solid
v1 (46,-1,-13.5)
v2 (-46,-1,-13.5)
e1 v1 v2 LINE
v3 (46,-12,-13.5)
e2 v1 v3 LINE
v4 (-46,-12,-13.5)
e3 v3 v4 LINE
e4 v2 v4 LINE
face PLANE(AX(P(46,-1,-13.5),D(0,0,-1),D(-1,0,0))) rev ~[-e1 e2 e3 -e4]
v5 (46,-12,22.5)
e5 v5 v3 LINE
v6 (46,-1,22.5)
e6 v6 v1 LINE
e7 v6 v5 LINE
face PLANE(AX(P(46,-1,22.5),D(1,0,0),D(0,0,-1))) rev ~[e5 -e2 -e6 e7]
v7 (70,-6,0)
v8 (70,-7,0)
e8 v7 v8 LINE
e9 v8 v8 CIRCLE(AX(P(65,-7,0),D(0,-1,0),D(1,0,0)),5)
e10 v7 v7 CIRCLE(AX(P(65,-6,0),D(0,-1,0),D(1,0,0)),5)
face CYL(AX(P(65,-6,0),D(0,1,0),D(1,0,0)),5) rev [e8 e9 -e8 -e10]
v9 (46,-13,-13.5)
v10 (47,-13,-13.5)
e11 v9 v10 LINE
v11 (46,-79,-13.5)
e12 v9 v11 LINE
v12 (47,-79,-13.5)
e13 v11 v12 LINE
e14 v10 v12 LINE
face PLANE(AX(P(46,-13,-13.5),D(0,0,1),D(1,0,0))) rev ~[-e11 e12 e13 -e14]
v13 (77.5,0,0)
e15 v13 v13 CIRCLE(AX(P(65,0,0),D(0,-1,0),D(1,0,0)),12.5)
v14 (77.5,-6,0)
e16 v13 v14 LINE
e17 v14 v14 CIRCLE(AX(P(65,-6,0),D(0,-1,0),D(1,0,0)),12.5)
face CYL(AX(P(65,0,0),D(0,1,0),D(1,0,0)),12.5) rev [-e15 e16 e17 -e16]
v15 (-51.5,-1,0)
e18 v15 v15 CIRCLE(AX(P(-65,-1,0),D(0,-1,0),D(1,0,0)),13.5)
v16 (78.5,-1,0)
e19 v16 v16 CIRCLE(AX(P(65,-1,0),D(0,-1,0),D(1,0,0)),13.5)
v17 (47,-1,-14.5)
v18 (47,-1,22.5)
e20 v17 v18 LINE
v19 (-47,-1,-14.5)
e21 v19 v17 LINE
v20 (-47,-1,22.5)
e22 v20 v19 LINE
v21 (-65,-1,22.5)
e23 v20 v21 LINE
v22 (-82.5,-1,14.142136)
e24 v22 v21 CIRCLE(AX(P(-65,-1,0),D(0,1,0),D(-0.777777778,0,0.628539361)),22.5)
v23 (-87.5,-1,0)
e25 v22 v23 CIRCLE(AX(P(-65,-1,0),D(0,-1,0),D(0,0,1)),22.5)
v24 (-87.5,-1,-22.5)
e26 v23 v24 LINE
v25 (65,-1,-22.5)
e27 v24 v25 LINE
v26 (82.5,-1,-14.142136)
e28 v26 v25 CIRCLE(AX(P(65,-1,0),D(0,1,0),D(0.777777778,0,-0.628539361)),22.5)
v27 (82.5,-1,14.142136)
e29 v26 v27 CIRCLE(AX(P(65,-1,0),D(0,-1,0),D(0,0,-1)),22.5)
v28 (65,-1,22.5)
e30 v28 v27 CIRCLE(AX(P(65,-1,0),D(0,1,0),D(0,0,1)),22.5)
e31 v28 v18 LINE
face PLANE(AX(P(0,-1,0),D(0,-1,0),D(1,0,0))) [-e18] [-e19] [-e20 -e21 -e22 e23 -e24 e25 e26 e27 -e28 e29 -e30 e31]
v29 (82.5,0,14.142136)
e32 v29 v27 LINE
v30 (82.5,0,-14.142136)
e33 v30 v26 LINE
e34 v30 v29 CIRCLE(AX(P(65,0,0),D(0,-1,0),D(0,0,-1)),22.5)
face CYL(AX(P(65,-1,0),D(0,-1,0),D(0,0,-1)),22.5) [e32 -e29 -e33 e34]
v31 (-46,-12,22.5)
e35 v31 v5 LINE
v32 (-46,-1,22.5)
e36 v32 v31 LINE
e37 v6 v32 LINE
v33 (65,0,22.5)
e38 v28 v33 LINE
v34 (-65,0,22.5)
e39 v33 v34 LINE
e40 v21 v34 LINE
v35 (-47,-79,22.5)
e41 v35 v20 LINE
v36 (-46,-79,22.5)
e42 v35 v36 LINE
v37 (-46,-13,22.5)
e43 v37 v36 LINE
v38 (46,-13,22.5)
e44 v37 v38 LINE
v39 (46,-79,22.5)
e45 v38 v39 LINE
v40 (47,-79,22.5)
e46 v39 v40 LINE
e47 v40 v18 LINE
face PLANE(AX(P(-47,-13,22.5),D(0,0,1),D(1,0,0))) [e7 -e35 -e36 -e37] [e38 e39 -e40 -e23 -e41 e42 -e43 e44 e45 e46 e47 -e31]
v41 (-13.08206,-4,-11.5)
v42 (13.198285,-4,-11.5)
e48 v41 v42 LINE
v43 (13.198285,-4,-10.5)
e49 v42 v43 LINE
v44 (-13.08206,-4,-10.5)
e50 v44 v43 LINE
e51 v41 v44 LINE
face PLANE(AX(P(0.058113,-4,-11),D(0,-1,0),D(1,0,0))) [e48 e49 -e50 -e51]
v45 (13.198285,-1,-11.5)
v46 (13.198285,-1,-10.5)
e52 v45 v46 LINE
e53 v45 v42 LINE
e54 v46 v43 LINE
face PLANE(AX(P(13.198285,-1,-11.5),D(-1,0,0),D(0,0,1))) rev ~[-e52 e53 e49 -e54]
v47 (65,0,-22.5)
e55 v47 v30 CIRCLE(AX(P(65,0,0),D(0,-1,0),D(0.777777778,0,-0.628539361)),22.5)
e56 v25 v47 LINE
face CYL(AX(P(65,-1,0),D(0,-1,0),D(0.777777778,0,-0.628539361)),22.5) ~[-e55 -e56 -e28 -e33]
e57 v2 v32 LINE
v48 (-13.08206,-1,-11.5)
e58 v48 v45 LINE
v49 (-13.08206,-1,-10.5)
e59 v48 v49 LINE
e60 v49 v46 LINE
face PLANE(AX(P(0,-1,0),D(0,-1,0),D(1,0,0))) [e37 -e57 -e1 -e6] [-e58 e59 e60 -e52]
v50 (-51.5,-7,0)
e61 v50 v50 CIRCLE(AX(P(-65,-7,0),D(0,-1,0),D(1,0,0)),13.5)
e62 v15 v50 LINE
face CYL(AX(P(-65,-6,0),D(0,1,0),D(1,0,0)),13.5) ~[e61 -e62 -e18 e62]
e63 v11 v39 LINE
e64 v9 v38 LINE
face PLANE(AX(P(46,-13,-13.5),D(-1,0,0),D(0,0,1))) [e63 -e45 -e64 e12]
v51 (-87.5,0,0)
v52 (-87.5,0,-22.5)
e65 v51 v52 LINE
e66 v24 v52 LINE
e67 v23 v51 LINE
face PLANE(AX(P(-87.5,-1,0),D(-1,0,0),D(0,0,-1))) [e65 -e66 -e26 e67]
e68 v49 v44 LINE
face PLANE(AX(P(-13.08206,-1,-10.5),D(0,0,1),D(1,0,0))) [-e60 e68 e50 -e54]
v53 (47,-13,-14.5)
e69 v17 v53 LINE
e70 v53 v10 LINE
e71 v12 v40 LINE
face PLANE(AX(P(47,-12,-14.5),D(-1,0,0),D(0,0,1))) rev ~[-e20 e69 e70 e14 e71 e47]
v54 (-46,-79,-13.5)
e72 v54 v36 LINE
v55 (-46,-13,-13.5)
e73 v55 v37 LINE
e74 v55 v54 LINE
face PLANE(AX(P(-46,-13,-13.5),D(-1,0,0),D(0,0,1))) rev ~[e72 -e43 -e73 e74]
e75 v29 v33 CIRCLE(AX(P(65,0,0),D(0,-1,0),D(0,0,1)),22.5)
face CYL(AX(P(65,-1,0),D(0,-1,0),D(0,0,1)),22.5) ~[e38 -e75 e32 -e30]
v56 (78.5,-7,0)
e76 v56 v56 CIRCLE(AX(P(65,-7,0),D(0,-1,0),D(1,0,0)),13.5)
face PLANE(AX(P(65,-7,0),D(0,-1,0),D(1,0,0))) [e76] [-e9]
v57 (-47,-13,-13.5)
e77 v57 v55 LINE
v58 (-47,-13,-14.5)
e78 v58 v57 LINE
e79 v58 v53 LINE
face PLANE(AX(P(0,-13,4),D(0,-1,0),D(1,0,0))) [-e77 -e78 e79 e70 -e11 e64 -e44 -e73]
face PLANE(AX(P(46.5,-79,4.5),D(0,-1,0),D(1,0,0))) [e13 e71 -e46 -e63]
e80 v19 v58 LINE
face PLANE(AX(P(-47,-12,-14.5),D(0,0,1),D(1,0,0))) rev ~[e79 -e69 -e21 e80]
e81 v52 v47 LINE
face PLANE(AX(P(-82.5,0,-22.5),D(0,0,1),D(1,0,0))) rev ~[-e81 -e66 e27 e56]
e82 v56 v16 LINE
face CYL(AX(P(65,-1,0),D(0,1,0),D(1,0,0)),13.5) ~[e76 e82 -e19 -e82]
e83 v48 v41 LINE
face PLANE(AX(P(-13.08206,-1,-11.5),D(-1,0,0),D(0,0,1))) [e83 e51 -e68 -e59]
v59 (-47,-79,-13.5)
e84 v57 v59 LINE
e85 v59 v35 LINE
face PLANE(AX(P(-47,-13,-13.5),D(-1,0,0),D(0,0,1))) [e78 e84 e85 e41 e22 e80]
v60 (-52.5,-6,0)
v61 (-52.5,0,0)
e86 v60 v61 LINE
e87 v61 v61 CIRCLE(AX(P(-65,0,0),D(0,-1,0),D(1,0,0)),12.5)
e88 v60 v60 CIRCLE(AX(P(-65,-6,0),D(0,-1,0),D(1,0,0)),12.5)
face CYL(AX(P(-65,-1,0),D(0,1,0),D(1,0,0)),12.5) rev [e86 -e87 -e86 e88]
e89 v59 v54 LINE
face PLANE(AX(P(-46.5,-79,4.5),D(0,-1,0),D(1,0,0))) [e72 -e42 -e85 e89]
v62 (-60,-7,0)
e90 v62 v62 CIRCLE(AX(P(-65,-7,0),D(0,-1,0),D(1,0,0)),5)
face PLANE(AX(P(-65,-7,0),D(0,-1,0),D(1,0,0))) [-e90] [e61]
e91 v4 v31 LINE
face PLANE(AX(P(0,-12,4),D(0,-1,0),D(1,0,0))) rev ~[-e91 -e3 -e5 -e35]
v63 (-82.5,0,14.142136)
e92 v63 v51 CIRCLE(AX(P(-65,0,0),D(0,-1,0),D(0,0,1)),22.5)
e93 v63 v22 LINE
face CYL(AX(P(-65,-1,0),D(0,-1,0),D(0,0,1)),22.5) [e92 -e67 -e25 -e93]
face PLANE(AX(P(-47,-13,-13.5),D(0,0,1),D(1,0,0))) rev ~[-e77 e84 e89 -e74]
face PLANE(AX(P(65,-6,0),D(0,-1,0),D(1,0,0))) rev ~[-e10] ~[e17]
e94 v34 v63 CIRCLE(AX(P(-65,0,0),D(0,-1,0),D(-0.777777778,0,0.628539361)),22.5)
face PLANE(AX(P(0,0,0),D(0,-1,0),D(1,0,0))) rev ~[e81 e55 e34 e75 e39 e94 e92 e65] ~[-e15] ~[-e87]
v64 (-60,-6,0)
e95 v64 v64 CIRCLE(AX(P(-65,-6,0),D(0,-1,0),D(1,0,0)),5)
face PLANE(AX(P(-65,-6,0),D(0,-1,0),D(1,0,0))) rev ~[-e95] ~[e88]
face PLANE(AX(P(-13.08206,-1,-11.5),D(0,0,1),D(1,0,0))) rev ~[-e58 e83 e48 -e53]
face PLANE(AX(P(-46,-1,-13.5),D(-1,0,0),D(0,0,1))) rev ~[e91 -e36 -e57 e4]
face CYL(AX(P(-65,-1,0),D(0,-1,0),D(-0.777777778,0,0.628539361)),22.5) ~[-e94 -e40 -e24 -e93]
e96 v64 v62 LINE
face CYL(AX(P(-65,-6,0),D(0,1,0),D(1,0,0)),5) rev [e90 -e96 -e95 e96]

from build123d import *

# Parameters (mm, degrees)
F0_W      = 165
F0_H      = 45
F0_R      = 12.5
F1_DEPTH  = 1
F3_DEPTH  = 1
F4_DEPTH  = 25
F5_DEPTH  = 25
F6_R      = 13.5
F6_R_2    = 12.5
F7_DEPTH  = 5
F8_R      = 13.5
F8_R_2    = 5
F9_DEPTH  = 1
F11_DEPTH = 1
F12_W     = 1
F12_H     = 1
F12_H_2   = 36
F12_W_2   = 92
F13_DEPTH = 11
F14_W     = 94
F14_H     = 37
F15_DEPTH = 1
F16_W     = 1
F16_H     = 36
F17_DEPTH = 66
F18_W     = 26.2803444985
F18_H     = 1
F19_DEPTH = 3


with BuildPart() as f1:
    # F0 (on Front) → F1 (new body)
    with BuildSketch(Plane.XZ):
        Rectangle(F0_W, F0_H)
        with Locations((-65, 0)):
            Circle(F0_R, mode=Mode.SUBTRACT)
        with Locations((65, 0)):
            Circle(F0_R, mode=Mode.SUBTRACT)
    extrude(amount=F1_DEPTH)

    # F2 (on face) → F3 (join)
    with BuildSketch(Plane.XZ.offset(1)):
        with BuildLine():
            Line((68.3925151825, -19.0988145769), (65, -22.5))
            ThreePointArc((65, -22.5), (87.5, 0), (65, 22.5))
            Line((65, 22.5), (71.474224329, 16.2770561874))
            Line((71.474224329, 16.2770561874), (77.4062722921, 9.1145541519))
            Line((77.4062722921, 9.1145541519), (80.3926512599, 2.1407562308))
            Line((80.3926512599, 2.1407562308), (80.3926512599, -5.2317115478))
            Line((80.3926512599, -5.2317115478), (78.3914923668, -12.1520543471))
            Line((78.3914923668, -12.1520543471), (74.6632069349, -14.4081749022))
            Line((74.6632069349, -14.4081749022), (68.3925151825, -19.0988145769))
        make_face()
        with BuildLine():
            Line((-65, 14.9617949501), (-65, 22.5))
            ThreePointArc((-65, 22.5), (-87.5, 0), (-65, -22.5))
            Line((-65, -22.5), (-67.4760043621, -15.6979020685))
            Line((-67.4760043621, -15.6979020685), (-72.8440880775, -12.9142012447))
            Line((-72.8440880775, -12.9142012447), (-76.5851810575, -7.8018400818))
            Line((-76.5851810575, -7.8018400818), (-79.5639529824, 0))
            Line((-79.5639529824, 0), (-79.5639529824, 6.4657721668))
            Line((-79.5639529824, 6.4657721668), (-75.4495188594, 11.7608513683))
            Line((-75.4495188594, 11.7608513683), (-65, 14.9617949501))
        make_face()
    extrude(amount=-F3_DEPTH)

    # F2 (on face) → F4 (cut)
    with BuildSketch(Plane.XZ.offset(1)):
        with BuildLine():
            Line((-82.5, 22.5), (-82.5, 14.1421356237))
            ThreePointArc((-82.5, 14.1421356237), (-74.6966991411, 20.3033008589), (-65, 22.5))
            Line((-65, 22.5), (-82.5, 22.5))
        make_face()
    extrude(amount=-F4_DEPTH, mode=Mode.SUBTRACT)

    # F2 (on face) → F5 (cut)
    with BuildSketch(Plane.XZ.offset(1)):
        with BuildLine():
            ThreePointArc((82.5, -14.1421356237), (74.6966991411, -20.3033008589), (65, -22.5))
            Line((65, -22.5), (82.5, -22.5))
            Line((82.5, -22.5), (82.5, -14.1421356237))
        make_face()
        with BuildLine():
            ThreePointArc((65, 22.5), (74.6966991411, 20.3033008589), (82.5, 14.1421356237))
            Line((82.5, 14.1421356237), (82.5, 22.5))
            Line((82.5, 22.5), (65, 22.5))
        make_face()
        with BuildLine():
            Line((-82.5, -22.5), (-65, -22.5))
            ThreePointArc((-65, -22.5), (-74.6966991411, -20.3033008589), (-82.5, -14.1421356237))
            Line((-82.5, -14.1421356237), (-82.5, -22.5))
        make_face()
    extrude(amount=-F5_DEPTH, mode=Mode.SUBTRACT)

    # F6 (on face) → F7 (join)
    with BuildSketch(Plane.XZ.offset(1)):
        with Locations((-65, 0)):
            Circle(F6_R)
        with Locations((-65, 0)):
            Circle(F6_R_2, mode=Mode.SUBTRACT)
        with Locations((65, 0)):
            Circle(F6_R)
        with Locations((65, 0)):
            Circle(F6_R_2, mode=Mode.SUBTRACT)
    extrude(amount=F7_DEPTH)

    # F8 (on face) → F9 (join)
    with BuildSketch(Plane.XZ.offset(6)):
        with Locations((-65, 0)):
            Circle(F8_R)
        with Locations((-65, 0)):
            Circle(F8_R_2, mode=Mode.SUBTRACT)
        with Locations((65, 0)):
            Circle(F8_R)
        with Locations((65, 0)):
            Circle(F8_R_2, mode=Mode.SUBTRACT)
    extrude(amount=F9_DEPTH)

    # F10 (on face) → F11 (join)
    with BuildSketch(Plane.XZ.offset(1)):
        Polygon((-81.9395110011, 0), (-87.5, 0), (-87.5, -22.5), (-65, -22.5), (-65, -18.5897927731), (-73.3228996396, -16.0001199692), (-80.1934376359, -9.6208481118), align=None)
    extrude(amount=-F11_DEPTH)

    # F12 (on face) → F13 (join)
    with BuildSketch(Plane.XZ.offset(1)):
        with Locations((46.5, -14)):
            Rectangle(F12_W, F12_H)
        with Locations((46.5, 4.5)):
            Rectangle(F12_W, F12_H_2)
        with Locations((0, -14)):
            Rectangle(F12_W_2, F12_H)
        with Locations((-46.5, -14)):
            Rectangle(F12_W, F12_H)
        with Locations((-46.5, 4.5)):
            Rectangle(F12_W, F12_H_2)
    extrude(amount=F13_DEPTH)

    # F14 (on face) → F15 (join)
    with BuildSketch(Plane.XZ.offset(12)):
        with Locations((0, 4)):
            Rectangle(F14_W, F14_H)
    extrude(amount=F15_DEPTH)

    # F16 (on face) → F17 (join)
    with BuildSketch(Plane.XZ.offset(13)):
        with Locations((-46.5, 4.5)):
            Rectangle(F16_W, F16_H)
        with Locations((46.5, 4.5)):
            Rectangle(F16_W, F16_H)
    extrude(amount=F17_DEPTH)

    # F18 (on face) → F19 (join)
    with BuildSketch(Plane.XZ.offset(1)):
        with Locations((0.058112666, -11)):
            Rectangle(F18_W, F18_H)
    extrude(amount=F19_DEPTH)


solid = f1.part
